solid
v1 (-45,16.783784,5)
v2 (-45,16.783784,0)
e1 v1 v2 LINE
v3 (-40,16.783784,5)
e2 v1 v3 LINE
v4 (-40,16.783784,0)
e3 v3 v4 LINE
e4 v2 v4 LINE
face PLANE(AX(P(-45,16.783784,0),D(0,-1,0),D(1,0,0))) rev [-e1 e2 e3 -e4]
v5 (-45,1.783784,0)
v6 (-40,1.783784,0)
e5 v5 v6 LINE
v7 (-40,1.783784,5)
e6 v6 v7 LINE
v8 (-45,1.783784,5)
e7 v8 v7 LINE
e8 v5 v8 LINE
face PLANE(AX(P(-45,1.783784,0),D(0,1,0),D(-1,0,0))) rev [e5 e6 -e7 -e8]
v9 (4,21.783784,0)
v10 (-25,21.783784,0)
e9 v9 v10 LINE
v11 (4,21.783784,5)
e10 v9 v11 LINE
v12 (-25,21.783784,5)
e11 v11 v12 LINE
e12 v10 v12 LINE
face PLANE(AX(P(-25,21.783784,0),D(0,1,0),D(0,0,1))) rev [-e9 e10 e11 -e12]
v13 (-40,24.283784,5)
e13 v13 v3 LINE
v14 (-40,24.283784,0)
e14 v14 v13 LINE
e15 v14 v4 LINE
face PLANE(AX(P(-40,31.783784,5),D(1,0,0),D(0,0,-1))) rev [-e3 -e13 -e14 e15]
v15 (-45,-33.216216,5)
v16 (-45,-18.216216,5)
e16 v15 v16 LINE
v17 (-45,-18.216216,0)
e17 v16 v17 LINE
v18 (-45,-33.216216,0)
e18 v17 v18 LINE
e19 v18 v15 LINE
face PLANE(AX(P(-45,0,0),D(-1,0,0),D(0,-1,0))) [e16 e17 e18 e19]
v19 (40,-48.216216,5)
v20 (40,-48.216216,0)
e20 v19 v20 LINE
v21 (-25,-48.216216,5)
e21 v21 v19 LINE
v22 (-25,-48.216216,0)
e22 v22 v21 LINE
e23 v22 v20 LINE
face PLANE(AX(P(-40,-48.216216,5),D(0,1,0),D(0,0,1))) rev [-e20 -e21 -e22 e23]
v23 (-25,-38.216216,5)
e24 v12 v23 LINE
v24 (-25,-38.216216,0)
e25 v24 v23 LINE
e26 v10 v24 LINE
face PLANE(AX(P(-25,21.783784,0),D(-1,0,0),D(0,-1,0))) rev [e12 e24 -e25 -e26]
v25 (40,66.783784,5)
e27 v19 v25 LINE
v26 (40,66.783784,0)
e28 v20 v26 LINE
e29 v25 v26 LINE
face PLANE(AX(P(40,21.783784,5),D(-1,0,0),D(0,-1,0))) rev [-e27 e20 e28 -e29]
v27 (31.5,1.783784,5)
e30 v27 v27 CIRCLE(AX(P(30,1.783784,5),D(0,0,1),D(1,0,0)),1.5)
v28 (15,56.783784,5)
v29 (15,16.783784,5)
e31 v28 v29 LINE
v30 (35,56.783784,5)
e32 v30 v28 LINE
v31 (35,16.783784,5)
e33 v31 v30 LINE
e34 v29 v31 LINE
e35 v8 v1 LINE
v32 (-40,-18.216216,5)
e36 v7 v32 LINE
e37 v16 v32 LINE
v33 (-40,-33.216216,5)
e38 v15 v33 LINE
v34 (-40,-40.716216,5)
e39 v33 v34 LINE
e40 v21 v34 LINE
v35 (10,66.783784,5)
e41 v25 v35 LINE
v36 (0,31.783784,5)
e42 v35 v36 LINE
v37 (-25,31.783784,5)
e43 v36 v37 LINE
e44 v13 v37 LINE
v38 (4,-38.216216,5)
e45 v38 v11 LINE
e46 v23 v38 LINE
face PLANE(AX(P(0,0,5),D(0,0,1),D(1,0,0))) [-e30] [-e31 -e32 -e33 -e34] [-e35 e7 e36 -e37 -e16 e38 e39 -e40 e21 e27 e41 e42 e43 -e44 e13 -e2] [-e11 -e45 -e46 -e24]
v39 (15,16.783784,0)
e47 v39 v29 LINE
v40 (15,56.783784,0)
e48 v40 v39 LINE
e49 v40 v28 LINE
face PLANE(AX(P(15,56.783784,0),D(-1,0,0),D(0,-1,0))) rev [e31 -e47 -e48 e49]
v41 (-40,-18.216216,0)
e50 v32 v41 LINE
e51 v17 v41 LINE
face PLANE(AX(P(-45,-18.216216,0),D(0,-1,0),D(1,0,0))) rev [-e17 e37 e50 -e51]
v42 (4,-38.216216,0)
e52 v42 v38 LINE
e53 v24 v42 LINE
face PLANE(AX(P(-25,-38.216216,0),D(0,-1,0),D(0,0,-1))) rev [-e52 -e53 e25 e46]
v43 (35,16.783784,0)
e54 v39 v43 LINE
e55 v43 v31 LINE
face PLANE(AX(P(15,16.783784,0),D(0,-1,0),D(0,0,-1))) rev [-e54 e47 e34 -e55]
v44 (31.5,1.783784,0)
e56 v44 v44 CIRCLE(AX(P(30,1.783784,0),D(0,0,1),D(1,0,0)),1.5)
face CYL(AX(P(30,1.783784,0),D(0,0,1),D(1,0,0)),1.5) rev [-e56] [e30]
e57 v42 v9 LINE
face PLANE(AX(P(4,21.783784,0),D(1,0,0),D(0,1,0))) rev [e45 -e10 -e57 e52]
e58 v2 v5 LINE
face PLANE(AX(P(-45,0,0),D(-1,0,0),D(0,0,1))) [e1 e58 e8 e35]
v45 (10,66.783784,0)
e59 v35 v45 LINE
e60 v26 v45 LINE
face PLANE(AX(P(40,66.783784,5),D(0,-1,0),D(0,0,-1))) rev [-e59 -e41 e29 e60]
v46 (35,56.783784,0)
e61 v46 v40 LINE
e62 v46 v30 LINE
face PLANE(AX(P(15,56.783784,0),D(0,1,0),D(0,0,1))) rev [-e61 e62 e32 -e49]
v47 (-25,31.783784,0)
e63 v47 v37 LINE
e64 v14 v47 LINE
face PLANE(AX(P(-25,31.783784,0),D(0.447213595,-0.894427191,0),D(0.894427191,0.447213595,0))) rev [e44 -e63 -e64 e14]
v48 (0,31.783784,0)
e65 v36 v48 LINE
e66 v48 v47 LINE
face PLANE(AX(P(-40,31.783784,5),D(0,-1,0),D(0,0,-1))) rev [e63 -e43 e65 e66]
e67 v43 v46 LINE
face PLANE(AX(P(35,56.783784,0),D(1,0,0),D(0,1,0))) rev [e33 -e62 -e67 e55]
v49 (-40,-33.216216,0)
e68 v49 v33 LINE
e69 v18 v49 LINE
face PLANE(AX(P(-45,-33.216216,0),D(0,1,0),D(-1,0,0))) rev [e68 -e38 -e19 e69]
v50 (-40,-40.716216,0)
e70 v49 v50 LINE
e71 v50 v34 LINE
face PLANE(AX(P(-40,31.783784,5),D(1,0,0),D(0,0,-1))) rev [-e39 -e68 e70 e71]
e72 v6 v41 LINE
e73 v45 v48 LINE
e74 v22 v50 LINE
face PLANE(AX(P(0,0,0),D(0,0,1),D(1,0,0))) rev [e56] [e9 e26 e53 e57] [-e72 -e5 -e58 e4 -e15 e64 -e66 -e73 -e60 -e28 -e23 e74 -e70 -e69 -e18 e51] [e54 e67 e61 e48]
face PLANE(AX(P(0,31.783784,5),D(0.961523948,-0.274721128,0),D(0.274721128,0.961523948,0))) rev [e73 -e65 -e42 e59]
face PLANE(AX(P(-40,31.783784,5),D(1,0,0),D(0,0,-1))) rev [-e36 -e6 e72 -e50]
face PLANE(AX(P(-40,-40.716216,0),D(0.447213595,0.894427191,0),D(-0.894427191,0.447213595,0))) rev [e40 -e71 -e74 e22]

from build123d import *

# Parameters (mm, degrees)
BOSS_EXTRUDE1_DEPTH = 5
SKETCH2_W           = 29
SKETCH2_H           = 60
SKETCH2_W_2         = 20
SKETCH2_H_2         = 40
CUT_EXTRUDE1_DEPTH  = 5
SKETCH3_W           = 5
SKETCH3_H           = 15
BOSS_EXTRUDE2_DEPTH = 5
CUT_EXTRUDE2_DEPTH  = 5
SKETCH5_R           = 1.5
CUT_EXTRUDE3_DEPTH  = 5


with BuildPart() as part:
    # Sketch1 → Boss-Extrude1 (new body)
    with BuildSketch(Plane.XY):
        Polygon((0, 31.783783784), (10, 66.783783784), (40, 66.783783784), (40, 21.783783784), (40, -48.216216216), (-40, -48.216216216), (-40, 31.783783784), align=None)
    extrude(amount=BOSS_EXTRUDE1_DEPTH)

    # Sketch2 → Cut-Extrude1 (cut)
    with BuildSketch(Plane.XY.offset(5)):
        with Locations((-10.5, -8.216216216)):
            Rectangle(SKETCH2_W, SKETCH2_H)
        with Locations((25, 36.783783784)):
            Rectangle(SKETCH2_W_2, SKETCH2_H_2)
    extrude(amount=-CUT_EXTRUDE1_DEPTH, mode=Mode.SUBTRACT)

    # Sketch3 → Boss-Extrude2 (add)
    with BuildSketch(Plane.ZY.offset(40)):
        with Locations((2.5, 9.283783784)):
            Rectangle(SKETCH3_W, SKETCH3_H)
        with Locations((2.5, -25.716216216)):
            Rectangle(SKETCH3_W, SKETCH3_H)
    extrude(amount=BOSS_EXTRUDE2_DEPTH)

    # Sketch4 → Cut-Extrude2 (cut)
    with BuildSketch(Plane.XY.offset(5)):
        Polygon((-40, 31.783783784), (-25, 31.783783784), (-40, 24.283783784), align=None)
        Polygon((-40, -48.216216216), (-40, -40.716216216), (-25, -48.216216216), align=None)
    extrude(amount=-CUT_EXTRUDE2_DEPTH, mode=Mode.SUBTRACT)

    # Sketch5 → Cut-Extrude3 (cut)
    with BuildSketch(Plane.XY.offset(5)):
        with Locations((30, 1.783783784)):
            Circle(SKETCH5_R)
    extrude(amount=-CUT_EXTRUDE3_DEPTH, mode=Mode.SUBTRACT)


solid = part.part
